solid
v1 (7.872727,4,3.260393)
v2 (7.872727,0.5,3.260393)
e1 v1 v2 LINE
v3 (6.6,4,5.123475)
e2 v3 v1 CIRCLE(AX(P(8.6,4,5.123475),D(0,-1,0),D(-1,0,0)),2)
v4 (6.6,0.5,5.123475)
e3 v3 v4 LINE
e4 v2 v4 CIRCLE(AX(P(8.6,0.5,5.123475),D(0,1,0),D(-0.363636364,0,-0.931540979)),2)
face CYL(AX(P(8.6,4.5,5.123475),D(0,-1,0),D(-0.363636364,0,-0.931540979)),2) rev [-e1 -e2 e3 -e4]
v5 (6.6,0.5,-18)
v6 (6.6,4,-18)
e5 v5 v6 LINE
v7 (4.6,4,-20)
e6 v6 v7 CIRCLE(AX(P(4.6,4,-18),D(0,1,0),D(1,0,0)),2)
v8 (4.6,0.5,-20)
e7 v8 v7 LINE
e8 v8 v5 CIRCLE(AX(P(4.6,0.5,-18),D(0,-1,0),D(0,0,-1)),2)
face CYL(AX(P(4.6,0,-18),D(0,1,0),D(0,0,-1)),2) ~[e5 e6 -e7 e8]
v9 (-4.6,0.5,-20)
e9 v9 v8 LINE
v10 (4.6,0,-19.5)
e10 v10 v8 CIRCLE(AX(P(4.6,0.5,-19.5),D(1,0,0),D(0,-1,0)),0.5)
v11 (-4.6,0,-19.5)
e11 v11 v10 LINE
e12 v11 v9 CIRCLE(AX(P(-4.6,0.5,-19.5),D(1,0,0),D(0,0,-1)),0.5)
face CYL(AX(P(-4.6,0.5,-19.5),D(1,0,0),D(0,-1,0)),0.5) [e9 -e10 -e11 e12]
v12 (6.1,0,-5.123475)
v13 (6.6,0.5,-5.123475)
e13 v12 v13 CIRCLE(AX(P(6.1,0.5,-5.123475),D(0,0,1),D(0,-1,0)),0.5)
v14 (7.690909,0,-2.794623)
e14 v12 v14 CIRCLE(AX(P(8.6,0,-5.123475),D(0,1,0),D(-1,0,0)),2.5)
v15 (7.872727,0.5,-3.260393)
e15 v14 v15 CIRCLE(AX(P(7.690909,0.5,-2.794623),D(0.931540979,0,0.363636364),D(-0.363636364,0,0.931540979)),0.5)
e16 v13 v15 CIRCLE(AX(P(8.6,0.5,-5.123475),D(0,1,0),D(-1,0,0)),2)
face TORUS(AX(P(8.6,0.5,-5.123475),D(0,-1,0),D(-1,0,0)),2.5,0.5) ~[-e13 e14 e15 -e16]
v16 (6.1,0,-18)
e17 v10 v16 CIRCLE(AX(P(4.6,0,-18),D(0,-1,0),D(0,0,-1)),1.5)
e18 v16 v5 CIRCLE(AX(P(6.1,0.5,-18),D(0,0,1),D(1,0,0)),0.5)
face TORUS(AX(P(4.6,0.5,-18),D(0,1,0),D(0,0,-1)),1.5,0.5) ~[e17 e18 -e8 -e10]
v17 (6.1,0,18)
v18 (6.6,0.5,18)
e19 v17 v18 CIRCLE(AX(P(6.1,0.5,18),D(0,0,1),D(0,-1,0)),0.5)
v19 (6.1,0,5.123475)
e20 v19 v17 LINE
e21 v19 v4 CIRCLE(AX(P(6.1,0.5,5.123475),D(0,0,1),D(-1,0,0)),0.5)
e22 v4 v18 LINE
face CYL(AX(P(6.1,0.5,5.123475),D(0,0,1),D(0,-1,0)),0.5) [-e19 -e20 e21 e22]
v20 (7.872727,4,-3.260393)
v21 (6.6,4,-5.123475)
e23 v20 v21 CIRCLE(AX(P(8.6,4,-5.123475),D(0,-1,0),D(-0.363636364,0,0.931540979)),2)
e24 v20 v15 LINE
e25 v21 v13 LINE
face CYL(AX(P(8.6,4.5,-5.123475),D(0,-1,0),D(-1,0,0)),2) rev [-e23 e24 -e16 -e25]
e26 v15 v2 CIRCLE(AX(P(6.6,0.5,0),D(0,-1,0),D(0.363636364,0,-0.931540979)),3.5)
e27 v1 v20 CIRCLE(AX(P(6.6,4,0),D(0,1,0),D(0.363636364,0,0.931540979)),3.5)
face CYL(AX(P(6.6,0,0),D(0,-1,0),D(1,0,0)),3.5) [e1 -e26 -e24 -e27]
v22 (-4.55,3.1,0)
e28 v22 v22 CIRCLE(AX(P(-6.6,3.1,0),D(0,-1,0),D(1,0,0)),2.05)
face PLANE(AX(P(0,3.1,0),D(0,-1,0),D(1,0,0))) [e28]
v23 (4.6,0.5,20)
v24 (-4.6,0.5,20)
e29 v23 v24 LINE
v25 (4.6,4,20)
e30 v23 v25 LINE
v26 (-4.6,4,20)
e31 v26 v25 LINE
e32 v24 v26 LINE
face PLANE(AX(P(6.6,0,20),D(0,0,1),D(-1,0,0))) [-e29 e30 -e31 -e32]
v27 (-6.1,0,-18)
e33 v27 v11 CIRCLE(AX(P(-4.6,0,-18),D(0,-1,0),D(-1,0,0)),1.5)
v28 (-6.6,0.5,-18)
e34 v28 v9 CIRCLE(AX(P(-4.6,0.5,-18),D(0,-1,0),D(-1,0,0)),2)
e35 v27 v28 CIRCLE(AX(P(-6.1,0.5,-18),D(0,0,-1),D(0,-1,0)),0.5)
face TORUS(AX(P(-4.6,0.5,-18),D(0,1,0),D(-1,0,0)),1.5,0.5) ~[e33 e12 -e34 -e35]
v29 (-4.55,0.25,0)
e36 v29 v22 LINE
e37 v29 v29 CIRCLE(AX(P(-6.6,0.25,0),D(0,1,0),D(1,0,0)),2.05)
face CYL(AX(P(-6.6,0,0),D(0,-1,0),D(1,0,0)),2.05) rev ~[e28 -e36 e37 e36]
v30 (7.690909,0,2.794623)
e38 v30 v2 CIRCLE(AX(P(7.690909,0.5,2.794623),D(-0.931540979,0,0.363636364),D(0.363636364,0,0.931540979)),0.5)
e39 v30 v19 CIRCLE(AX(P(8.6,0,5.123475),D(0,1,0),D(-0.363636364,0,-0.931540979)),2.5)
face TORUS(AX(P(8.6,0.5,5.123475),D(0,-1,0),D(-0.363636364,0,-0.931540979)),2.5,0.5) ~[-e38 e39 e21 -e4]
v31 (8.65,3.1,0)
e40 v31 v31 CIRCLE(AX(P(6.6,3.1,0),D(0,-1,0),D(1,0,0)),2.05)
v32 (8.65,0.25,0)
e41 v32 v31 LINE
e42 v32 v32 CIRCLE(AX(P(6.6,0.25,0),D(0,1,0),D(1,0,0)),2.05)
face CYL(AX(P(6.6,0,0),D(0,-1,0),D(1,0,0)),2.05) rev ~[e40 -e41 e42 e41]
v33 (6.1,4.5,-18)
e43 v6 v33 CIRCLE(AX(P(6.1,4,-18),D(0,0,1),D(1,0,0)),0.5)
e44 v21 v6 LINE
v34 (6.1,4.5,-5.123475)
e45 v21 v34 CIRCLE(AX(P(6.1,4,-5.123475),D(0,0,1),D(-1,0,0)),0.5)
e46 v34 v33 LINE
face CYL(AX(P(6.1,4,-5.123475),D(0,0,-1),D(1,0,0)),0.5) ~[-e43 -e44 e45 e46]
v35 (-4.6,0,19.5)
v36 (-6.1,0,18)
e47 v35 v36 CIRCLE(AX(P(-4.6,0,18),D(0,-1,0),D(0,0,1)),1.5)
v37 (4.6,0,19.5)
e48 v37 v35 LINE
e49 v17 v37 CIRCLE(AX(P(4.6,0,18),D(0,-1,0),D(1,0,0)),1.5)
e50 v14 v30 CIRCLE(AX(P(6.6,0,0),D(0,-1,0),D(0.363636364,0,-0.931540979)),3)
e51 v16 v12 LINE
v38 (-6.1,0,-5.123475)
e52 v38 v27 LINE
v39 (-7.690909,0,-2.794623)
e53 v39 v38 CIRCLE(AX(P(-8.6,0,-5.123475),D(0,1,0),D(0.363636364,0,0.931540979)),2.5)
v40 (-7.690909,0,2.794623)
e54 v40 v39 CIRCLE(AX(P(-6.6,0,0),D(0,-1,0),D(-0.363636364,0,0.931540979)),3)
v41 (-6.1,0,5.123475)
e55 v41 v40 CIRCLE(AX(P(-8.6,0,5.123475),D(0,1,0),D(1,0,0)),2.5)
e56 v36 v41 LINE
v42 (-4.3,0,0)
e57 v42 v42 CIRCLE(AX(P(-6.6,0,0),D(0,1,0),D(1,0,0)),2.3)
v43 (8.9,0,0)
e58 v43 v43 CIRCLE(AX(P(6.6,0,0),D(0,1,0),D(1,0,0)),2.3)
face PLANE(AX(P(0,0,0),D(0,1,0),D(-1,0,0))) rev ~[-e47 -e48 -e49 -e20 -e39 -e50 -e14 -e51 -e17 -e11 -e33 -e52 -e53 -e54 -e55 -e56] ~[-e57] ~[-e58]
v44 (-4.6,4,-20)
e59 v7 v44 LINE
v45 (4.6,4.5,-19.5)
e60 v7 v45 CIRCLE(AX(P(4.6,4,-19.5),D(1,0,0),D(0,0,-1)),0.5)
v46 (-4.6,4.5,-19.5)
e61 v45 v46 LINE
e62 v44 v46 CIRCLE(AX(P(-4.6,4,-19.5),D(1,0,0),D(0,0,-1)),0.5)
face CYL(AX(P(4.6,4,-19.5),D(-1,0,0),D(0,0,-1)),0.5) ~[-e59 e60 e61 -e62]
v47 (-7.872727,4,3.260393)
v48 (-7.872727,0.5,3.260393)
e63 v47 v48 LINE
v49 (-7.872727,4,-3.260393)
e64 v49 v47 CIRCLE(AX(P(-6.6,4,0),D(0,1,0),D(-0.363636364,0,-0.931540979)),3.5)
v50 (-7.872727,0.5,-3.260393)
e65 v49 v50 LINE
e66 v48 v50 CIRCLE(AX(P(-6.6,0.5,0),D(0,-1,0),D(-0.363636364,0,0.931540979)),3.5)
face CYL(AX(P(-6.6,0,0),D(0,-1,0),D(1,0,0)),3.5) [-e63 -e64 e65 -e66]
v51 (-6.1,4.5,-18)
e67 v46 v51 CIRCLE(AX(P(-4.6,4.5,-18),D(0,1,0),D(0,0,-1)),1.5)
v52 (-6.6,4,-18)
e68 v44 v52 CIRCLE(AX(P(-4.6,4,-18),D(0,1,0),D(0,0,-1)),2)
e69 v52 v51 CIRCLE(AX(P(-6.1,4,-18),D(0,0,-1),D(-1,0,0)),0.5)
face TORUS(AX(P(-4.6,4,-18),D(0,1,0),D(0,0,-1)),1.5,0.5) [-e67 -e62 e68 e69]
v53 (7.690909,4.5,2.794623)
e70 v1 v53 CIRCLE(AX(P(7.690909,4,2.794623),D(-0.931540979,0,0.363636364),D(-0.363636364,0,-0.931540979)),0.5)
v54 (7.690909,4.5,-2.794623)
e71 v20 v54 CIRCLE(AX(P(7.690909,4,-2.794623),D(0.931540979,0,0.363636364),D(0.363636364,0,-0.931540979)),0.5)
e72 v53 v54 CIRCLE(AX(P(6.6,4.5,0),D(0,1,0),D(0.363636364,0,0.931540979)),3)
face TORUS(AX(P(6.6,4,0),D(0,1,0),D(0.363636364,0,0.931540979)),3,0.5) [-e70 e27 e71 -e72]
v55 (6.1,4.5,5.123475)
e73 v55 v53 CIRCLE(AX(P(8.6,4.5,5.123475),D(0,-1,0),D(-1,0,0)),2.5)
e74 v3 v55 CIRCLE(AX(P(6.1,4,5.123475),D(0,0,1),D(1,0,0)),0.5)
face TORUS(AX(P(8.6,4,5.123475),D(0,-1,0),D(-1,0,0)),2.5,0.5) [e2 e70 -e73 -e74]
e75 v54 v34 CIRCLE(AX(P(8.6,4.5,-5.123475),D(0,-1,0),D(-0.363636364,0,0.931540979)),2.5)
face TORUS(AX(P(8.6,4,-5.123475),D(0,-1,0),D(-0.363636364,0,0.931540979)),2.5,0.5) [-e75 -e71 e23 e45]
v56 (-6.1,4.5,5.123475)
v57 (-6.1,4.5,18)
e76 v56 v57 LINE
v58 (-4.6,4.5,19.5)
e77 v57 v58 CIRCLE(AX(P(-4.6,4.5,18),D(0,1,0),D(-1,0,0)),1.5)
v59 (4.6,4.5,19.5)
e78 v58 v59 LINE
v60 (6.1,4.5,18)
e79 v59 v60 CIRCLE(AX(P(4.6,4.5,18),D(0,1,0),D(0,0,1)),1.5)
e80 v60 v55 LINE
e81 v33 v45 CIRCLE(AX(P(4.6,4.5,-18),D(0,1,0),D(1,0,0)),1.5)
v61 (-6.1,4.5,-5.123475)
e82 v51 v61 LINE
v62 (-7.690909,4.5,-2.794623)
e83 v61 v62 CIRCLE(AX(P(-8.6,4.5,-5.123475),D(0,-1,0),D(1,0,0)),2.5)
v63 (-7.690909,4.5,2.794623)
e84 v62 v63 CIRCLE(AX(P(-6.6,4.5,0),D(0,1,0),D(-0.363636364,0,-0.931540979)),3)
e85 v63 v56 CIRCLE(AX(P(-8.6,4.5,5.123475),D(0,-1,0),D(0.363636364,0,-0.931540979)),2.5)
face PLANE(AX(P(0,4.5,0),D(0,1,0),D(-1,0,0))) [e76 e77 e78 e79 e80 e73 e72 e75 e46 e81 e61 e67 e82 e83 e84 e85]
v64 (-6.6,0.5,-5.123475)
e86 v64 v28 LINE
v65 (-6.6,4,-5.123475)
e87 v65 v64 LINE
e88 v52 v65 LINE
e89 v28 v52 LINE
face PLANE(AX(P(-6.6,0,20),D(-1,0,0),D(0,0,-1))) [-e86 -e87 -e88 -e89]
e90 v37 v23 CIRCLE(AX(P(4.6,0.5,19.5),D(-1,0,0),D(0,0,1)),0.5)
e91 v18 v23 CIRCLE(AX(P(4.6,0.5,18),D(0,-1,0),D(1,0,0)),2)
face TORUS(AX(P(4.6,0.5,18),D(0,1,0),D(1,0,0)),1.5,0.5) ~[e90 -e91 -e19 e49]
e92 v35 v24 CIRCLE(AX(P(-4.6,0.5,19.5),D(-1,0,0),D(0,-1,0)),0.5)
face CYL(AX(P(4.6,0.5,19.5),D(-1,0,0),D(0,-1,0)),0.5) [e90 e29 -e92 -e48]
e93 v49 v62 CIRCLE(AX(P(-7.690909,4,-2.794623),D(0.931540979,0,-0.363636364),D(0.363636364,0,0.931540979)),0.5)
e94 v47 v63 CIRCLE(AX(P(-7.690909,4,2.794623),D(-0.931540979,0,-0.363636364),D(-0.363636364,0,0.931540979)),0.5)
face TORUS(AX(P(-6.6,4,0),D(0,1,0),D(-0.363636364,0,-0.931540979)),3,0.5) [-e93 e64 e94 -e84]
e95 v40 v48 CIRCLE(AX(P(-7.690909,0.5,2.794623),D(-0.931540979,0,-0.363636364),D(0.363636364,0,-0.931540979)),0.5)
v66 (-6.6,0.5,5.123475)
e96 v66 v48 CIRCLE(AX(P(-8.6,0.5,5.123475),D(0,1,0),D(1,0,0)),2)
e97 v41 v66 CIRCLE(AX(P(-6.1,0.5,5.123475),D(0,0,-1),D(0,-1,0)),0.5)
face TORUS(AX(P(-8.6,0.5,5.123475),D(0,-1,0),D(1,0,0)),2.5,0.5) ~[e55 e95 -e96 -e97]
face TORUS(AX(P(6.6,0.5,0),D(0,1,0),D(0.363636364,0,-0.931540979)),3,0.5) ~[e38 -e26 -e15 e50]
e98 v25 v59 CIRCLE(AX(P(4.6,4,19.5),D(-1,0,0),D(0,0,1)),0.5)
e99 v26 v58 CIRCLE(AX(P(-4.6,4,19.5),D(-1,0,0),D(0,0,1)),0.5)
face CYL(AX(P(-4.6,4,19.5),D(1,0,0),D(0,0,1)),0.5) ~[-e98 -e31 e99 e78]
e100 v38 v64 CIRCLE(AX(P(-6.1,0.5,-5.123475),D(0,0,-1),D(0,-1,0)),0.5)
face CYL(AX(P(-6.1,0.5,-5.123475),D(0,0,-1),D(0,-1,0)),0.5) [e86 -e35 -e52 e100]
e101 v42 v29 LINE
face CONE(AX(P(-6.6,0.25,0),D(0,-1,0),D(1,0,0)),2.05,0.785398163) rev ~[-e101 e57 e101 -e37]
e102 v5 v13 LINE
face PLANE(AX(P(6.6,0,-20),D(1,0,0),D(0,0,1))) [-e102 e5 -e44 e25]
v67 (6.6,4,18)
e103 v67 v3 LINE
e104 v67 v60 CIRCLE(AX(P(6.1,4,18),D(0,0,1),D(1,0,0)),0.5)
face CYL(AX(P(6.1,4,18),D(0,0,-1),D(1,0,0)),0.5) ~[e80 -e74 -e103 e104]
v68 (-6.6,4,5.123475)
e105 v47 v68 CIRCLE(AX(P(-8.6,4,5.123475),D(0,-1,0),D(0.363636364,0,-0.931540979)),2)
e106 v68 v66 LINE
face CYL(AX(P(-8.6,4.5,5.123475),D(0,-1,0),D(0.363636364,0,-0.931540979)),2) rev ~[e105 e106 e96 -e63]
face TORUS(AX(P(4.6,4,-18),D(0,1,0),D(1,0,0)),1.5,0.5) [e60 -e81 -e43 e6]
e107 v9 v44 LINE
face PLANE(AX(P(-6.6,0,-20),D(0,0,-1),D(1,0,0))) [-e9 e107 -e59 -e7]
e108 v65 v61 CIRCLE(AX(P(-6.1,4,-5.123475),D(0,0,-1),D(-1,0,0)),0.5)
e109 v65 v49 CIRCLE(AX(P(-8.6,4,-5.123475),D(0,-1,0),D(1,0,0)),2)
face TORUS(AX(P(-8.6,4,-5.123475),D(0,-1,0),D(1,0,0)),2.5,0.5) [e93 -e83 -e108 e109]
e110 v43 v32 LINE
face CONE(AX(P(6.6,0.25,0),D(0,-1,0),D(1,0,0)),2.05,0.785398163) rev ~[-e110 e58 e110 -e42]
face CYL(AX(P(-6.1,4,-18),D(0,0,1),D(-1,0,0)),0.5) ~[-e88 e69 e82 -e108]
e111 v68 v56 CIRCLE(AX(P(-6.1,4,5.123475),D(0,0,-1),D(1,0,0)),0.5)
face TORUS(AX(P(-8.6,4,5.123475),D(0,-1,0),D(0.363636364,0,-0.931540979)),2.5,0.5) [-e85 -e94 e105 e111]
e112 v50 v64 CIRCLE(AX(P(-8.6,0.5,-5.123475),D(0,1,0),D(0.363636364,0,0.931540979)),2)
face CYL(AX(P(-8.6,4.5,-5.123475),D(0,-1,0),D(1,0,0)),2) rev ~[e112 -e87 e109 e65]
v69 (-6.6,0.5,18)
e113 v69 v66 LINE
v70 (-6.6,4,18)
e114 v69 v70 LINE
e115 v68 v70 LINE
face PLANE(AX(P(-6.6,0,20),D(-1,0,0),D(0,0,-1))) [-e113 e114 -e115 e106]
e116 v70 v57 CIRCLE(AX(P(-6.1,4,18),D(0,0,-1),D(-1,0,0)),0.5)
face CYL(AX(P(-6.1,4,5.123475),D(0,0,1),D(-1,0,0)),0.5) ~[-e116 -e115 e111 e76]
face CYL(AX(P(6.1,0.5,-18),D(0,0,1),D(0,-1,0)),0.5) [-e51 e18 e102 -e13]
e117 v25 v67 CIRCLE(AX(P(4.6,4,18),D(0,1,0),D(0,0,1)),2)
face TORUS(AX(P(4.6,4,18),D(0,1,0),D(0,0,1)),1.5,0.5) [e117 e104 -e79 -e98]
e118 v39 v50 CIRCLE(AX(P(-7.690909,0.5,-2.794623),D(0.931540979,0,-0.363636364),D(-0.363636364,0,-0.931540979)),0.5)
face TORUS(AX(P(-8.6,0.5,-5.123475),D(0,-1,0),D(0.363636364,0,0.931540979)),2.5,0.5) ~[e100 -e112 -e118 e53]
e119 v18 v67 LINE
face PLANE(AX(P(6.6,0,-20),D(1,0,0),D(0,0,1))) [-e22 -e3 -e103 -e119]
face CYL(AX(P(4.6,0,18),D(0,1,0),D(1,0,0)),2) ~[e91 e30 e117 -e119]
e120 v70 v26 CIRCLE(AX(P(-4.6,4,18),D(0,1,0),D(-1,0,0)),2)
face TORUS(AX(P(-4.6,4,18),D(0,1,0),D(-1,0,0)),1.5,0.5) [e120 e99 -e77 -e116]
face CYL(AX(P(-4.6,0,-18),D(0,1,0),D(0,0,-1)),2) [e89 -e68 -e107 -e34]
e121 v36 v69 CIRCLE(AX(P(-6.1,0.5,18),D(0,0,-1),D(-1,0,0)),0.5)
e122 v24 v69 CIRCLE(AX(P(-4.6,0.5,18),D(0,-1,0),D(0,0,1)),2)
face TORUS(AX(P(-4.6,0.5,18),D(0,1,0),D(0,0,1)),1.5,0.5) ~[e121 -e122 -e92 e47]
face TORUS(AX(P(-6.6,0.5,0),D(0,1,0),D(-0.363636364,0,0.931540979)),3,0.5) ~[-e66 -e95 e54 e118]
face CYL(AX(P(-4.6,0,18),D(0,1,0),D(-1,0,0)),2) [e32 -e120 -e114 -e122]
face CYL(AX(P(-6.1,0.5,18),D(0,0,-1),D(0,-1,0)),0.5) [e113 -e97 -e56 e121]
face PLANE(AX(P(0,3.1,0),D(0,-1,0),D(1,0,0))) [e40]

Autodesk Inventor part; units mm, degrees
ref_plane "YZ Plane" through (0, 0, 0) normal (1, 0, 0) x (0, 1, 0)
ref_plane "XZ Plane" through (0, 0, 0) normal (0, 1, 0) x (-1, 0, 0)
ref_plane "XY Plane" through (0, 0, 0) normal (0, 0, 1) x (1, 0, 0)
sketch "Sketch1" plane through (0, 0, 0) normal (0, 1, 0) x (-1, 0, 0)
  line L0 (6.6, -20) -> (-6.6, -20)
  line L1 (-6.6, -20) -> (-6.6, 20)
  line L2 (-6.6, 20) -> (6.6, 20)
  line L3 (6.6, 20) -> (6.6, -20)
  point P0 (0, 0)
  point P1 (0, -20)
  point P2 (-6.6, 0)
  dimension "d0" = 13.2
  dimension "d1" = 40
extrude "Extrusion1" add sketch "Sketch1" along normal blind 4.5
sketch "Sketch2" plane through (0, 0, 0) normal (0, -1, 0) x (1, 0, 0)
  line L0 (6.6, 20) -> (6.6, -20) projected
  circle A0 centre (6.6, 0) radius 2.05
  line L1 (-6.6, -20) -> (-6.6, 20) projected
  circle A1 centre (-6.6, 0) radius 2.05
  circle A2 centre (6.6, 0) radius 3.5
  circle A3 centre (-6.6, 0) radius 3.5
  point P0 (0, 0)
  dimension "d4" = 4.1
  dimension "d5" = 7
extrude "Extrusion2" add sketch "Sketch2" against normal blind 4.5
extrude "Extrusion3" cut sketch "Sketch2" against normal blind 3.1 contours A0 L0 | L0 A0 | A1 L1 | L1 A1
fillet "Fillet1" radius 2 8 edges at (6.6, 2.25, -20) (-6.6, 2.25, -20) (6.6, 2.25, 20) (-6.6, 2.25, 20) (6.6, 2.25, -3.5) (6.6, 2.25, 3.5) (-6.6, 2.25, -3.5) (-6.6, 2.25, 3.5)
fillet "Fillet2" radius 0.5 24 edges at (-6.6, 0, -11.5617) (-6.0142, 0, -19.4142) (0, 0, -20) (6.0142, 0, -19.4142) (6.6, 0, -11.5617) (10.1, 0, 0) (6.0142, 0, 19.4142) (6.6, 0, 11.5617) (0, 0, 20) (-6.0142, 0, 19.4142) (-6.6, 0, 11.5617) (-10.1, 0, 0) (-6.0142, 4.5, -19.4142) (-6.0142, 4.5, 19.4142) (-6.6, 4.5, 11.5617) (0, 4.5, 20) (6.0142, 4.5, 19.4142) (6.6, 4.5, 11.5617) (6.0142, 4.5, -19.4142) (10.1, 4.5, 0) (6.6, 4.5, -11.5617) (0, 4.5, -20) (-6.6, 4.5, -11.5617) (-10.1, 4.5, 0)
chamfer "Chamfer1" distance 0.25 angle 45 2 edges at (-8.65, 0, 0) (4.55, 0, 0)
properties part number "FuselageLock"
